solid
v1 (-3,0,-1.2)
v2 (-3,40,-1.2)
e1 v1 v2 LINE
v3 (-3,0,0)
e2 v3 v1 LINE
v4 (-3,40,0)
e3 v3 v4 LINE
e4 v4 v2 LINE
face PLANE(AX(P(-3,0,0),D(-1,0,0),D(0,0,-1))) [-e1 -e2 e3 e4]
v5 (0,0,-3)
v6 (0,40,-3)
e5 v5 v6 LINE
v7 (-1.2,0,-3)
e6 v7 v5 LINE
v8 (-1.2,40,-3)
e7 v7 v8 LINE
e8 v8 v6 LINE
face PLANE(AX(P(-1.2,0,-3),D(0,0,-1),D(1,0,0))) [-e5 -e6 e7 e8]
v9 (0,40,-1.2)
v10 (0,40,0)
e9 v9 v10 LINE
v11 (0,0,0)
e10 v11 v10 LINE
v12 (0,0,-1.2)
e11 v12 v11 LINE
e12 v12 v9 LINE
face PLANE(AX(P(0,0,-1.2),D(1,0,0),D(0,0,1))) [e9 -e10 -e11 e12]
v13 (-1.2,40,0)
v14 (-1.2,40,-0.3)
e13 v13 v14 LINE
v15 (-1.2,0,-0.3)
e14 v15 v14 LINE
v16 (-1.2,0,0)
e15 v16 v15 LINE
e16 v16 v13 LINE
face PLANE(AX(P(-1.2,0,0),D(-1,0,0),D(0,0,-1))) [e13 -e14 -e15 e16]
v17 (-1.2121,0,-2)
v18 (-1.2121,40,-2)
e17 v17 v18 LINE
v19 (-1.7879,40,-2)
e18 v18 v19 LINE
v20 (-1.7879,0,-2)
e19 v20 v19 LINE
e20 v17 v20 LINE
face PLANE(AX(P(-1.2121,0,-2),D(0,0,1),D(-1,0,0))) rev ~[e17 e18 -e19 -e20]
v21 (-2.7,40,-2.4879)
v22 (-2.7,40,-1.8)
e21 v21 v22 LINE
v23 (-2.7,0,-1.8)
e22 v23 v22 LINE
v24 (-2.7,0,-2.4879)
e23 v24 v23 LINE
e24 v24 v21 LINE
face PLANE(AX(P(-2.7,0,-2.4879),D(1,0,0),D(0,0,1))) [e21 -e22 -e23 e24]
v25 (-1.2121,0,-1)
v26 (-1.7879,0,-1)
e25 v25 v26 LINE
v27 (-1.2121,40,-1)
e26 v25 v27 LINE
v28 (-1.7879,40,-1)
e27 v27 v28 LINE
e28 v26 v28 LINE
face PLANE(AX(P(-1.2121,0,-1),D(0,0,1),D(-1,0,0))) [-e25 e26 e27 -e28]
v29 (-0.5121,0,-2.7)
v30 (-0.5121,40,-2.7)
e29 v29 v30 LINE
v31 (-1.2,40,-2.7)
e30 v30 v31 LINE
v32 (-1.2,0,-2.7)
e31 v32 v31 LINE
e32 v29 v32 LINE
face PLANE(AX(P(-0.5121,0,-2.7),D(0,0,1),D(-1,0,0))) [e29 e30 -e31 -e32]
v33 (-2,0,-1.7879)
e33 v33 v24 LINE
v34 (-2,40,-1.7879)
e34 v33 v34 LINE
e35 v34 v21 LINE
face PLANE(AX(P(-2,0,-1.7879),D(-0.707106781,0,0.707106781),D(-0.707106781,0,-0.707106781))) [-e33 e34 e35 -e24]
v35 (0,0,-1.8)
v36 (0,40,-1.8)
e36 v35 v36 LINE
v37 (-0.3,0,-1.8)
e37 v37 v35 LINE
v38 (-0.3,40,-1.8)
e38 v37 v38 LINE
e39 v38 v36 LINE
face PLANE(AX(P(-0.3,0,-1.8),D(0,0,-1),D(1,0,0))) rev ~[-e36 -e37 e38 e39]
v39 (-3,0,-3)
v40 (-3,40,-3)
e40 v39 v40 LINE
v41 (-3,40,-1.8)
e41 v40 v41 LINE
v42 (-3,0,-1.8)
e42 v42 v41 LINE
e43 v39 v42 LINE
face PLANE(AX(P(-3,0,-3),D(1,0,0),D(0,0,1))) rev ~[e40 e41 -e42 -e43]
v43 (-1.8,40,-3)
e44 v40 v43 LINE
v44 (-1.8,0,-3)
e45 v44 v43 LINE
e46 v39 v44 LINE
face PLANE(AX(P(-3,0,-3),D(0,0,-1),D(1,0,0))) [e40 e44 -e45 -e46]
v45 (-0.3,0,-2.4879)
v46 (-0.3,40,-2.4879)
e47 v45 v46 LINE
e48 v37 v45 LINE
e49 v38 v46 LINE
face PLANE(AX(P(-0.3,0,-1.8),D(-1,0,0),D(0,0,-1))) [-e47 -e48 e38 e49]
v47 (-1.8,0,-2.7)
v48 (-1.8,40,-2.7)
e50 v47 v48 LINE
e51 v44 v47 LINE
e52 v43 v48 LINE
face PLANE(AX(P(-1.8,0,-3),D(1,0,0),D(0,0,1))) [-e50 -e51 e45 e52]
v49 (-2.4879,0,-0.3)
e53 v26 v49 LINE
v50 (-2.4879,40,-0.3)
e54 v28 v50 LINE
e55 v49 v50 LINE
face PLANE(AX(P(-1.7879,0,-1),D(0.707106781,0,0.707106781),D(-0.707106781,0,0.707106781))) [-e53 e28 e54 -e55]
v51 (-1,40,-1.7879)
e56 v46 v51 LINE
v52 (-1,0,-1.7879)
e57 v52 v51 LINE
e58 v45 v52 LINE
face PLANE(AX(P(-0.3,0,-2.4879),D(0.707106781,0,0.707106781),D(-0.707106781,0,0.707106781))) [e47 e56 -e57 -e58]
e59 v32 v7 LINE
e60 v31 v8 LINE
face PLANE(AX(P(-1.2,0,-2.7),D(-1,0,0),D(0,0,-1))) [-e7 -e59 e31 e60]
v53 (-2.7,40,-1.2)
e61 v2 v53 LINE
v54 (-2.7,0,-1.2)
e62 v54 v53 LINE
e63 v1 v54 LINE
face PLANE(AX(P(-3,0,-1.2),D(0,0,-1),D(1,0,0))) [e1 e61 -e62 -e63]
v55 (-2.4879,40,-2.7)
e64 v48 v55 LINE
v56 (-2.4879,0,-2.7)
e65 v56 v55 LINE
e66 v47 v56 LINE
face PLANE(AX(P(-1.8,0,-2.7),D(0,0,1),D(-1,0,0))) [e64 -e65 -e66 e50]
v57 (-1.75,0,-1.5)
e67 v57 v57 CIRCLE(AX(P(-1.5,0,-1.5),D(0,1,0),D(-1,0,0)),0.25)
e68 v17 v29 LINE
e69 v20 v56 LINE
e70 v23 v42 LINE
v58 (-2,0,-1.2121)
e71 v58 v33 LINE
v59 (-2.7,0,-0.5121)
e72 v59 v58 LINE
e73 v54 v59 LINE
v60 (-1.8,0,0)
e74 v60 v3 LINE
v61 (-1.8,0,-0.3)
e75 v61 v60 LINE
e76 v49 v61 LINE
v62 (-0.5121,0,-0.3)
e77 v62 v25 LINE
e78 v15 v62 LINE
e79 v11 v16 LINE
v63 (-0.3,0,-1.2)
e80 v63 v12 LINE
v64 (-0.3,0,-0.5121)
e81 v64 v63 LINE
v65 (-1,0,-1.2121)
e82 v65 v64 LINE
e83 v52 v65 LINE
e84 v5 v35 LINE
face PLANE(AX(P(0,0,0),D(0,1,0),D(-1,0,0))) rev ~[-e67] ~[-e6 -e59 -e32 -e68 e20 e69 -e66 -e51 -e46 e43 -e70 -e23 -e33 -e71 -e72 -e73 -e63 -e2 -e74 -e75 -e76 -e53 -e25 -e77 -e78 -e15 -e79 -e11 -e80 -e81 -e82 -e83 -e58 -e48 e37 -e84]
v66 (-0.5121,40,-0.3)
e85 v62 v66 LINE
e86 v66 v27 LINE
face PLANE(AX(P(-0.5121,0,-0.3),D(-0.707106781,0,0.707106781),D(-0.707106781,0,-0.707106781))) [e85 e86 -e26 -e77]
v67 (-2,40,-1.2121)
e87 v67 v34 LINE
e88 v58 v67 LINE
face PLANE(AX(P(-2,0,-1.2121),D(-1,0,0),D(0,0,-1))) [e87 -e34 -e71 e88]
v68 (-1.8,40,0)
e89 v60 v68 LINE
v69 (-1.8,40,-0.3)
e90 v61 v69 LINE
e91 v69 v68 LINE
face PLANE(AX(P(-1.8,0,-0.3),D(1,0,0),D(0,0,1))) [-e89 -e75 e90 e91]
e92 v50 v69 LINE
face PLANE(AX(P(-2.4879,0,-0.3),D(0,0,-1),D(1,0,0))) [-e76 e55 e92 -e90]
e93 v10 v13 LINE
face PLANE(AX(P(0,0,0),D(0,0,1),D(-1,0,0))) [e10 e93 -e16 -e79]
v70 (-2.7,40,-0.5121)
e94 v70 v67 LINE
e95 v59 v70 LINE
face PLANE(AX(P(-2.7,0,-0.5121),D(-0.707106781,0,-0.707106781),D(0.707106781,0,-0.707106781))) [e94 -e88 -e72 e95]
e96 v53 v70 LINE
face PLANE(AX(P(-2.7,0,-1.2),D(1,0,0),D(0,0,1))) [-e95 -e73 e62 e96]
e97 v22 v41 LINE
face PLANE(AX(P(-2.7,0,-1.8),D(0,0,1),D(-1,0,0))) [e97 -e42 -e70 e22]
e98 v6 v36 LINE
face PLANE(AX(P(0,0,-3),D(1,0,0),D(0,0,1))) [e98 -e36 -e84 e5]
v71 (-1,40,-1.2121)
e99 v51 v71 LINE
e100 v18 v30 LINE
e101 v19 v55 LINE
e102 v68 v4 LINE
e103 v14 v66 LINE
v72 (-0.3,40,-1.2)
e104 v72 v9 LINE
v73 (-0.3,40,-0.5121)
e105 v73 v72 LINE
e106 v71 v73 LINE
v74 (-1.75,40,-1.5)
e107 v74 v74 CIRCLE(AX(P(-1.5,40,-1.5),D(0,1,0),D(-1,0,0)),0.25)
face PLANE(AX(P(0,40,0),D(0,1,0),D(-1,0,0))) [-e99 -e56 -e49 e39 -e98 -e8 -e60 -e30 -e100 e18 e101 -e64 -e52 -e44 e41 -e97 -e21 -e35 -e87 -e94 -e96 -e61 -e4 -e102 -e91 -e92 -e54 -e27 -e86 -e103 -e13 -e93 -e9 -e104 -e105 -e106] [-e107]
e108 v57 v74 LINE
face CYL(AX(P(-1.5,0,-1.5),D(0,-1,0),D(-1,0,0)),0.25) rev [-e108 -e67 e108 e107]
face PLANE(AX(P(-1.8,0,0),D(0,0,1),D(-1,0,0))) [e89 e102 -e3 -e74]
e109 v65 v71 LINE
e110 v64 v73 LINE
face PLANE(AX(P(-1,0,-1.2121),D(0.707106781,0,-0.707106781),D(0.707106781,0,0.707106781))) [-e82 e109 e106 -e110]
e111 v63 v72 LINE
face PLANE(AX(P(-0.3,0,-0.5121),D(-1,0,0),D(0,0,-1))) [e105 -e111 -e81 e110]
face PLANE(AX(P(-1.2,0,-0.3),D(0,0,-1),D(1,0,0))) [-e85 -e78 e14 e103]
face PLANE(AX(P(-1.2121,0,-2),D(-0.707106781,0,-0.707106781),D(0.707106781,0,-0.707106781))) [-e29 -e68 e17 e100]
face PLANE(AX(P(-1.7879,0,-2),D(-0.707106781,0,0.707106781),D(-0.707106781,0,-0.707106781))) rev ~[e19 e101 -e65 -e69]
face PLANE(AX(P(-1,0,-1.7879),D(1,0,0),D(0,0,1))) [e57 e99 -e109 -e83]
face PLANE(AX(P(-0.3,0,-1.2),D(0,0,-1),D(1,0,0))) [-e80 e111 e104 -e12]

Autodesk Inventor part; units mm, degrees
ref_plane "YZ Plane" through (0, 0, 0) normal (1, 0, 0) x (0, 1, 0)
ref_plane "XZ Plane" through (0, 0, 0) normal (0, 1, 0) x (-1, 0, 0)
ref_plane "XY Plane" through (0, 0, 0) normal (0, 0, 1) x (1, 0, 0)
sketch "Skizze1" plane through (0, 0, 0) normal (0, 1, 0) x (-1, 0, 0)
  line L0 (0, 0) -> (3, 0) construction
  line L1 (3, 0) -> (3, -3) construction
  line L2 (3, -3) -> (0, -3) construction
  line L3 (0, -3) -> (0, 0) construction
  line L4 (3, -1.5) -> (0, -1.5) construction
  line L5 (1.5, -3) -> (1.5, 0) construction
  circle A0 centre (1.5, -1.5) radius 0.25
  line L6 (2, -1) -> (1, -1) construction
  line L7 (1, -1) -> (1, -2) construction
  line L8 (1, -2) -> (2, -2) construction
  line L9 (2, -2) -> (2, -1) construction
  line L10 (1.5, -1) -> (1.5, -2) construction
  line L11 (2, -1.5) -> (1, -1.5) construction
  line L12 (3, -1.2) -> (0, -1.2) construction
  line L13 (1.2, 0) -> (1.2, -3) construction
  line L14 (0, -1.8) -> (3, -1.8) construction
  line L15 (1.8, 0) -> (1.8, -3) construction
  line L16 (2.7, -2.7) -> (2.7, -0.3) construction
  line L17 (2.7, -0.3) -> (0.3, -0.3) construction
  line L18 (0.3, -0.3) -> (0.3, -2.7) construction
  line L19 (0.3, -2.7) -> (2.7, -2.7) construction
  line L20 (2.7, -0.3) -> (0.3, -2.7) construction
  line L21 (2.7, -2.7) -> (0.3, -0.3) construction
  line L22 (2.7, -0.5121) -> (0.5121, -2.7) construction
  line L23 (0.3, -2.4879) -> (2.4879, -0.3) construction
  line L24 (0.5121, -0.3) -> (2.7, -2.4879) construction
  line L25 (2.4879, -2.7) -> (0.3, -0.5121) construction
  line L26 (3, 0) -> (3, -1.2)
  line L27 (3, -1.2) -> (2.7, -1.2)
  line L28 (2.7, -1.2) -> (2.7, -0.5121)
  line L29 (2.7, -0.5121) -> (2, -1.2121)
  line L30 (2, -1.2121) -> (2, -1.7879)
  line L31 (2, -1.7879) -> (2.7, -2.4879)
  line L32 (2.7, -2.4879) -> (2.7, -1.8)
  line L33 (2.7, -1.8) -> (3, -1.8)
  line L34 (3, -3) -> (3, -1.8)
  line L35 (3, -3) -> (1.8, -3)
  line L36 (1.8, -3) -> (1.8, -2.7)
  line L37 (1.8, -2.7) -> (2.4879, -2.7)
  line L38 (1.7879, -2) -> (2.4879, -2.7)
  line L39 (1.2121, -2) -> (1.7879, -2)
  line L40 (1.2121, -2) -> (0.5121, -2.7)
  line L41 (0.5121, -2.7) -> (1.2, -2.7)
  line L42 (1.2, -2.7) -> (1.2, -3)
  line L43 (1.2, -3) -> (0, -3)
  line L44 (0, -3) -> (0, -1.8)
  line L45 (0.3, -1.8) -> (0, -1.8)
  line L46 (0.3, -1.8) -> (0.3, -2.4879)
  line L47 (0.3, -2.4879) -> (1, -1.7879)
  line L48 (1, -1.7879) -> (1, -1.2121)
  line L49 (1, -1.2121) -> (0.3, -0.5121)
  line L50 (0.3, -0.5121) -> (0.3, -1.2)
  line L51 (0.3, -1.2) -> (0, -1.2)
  line L52 (0, -1.2) -> (0, 0)
  line L53 (0, 0) -> (1.2, 0)
  line L54 (1.2, 0) -> (1.2, -0.3)
  line L55 (1.2, -0.3) -> (0.5121, -0.3)
  line L56 (0.5121, -0.3) -> (1.2121, -1)
  line L57 (1.2121, -1) -> (1.7879, -1)
  line L58 (1.7879, -1) -> (2.4879, -0.3)
  line L59 (2.4879, -0.3) -> (1.8, -0.3)
  line L60 (1.8, -0.3) -> (1.8, 0)
  line L61 (1.8, 0) -> (3, 0)
  dimension "d0" = 3
  dimension "d1" = 3
  dimension "d2" = 0.5
  dimension "d3" = 1
  dimension "d4" = 1
  dimension "d5" = 1.2
  dimension "d6" = 1.2
  dimension "d7" = 1.2
  dimension "d8" = 1.2
  dimension "d9" = 0.3
  dimension "d10" = 0.15
  dimension "d11" = 0.15
  dimension "d12" = 0.15
  dimension "d13" = 0.15
extrude "Extrusion1" add sketch "Skizze1" along normal blind 40
properties part number "item_30x30_40cm"
